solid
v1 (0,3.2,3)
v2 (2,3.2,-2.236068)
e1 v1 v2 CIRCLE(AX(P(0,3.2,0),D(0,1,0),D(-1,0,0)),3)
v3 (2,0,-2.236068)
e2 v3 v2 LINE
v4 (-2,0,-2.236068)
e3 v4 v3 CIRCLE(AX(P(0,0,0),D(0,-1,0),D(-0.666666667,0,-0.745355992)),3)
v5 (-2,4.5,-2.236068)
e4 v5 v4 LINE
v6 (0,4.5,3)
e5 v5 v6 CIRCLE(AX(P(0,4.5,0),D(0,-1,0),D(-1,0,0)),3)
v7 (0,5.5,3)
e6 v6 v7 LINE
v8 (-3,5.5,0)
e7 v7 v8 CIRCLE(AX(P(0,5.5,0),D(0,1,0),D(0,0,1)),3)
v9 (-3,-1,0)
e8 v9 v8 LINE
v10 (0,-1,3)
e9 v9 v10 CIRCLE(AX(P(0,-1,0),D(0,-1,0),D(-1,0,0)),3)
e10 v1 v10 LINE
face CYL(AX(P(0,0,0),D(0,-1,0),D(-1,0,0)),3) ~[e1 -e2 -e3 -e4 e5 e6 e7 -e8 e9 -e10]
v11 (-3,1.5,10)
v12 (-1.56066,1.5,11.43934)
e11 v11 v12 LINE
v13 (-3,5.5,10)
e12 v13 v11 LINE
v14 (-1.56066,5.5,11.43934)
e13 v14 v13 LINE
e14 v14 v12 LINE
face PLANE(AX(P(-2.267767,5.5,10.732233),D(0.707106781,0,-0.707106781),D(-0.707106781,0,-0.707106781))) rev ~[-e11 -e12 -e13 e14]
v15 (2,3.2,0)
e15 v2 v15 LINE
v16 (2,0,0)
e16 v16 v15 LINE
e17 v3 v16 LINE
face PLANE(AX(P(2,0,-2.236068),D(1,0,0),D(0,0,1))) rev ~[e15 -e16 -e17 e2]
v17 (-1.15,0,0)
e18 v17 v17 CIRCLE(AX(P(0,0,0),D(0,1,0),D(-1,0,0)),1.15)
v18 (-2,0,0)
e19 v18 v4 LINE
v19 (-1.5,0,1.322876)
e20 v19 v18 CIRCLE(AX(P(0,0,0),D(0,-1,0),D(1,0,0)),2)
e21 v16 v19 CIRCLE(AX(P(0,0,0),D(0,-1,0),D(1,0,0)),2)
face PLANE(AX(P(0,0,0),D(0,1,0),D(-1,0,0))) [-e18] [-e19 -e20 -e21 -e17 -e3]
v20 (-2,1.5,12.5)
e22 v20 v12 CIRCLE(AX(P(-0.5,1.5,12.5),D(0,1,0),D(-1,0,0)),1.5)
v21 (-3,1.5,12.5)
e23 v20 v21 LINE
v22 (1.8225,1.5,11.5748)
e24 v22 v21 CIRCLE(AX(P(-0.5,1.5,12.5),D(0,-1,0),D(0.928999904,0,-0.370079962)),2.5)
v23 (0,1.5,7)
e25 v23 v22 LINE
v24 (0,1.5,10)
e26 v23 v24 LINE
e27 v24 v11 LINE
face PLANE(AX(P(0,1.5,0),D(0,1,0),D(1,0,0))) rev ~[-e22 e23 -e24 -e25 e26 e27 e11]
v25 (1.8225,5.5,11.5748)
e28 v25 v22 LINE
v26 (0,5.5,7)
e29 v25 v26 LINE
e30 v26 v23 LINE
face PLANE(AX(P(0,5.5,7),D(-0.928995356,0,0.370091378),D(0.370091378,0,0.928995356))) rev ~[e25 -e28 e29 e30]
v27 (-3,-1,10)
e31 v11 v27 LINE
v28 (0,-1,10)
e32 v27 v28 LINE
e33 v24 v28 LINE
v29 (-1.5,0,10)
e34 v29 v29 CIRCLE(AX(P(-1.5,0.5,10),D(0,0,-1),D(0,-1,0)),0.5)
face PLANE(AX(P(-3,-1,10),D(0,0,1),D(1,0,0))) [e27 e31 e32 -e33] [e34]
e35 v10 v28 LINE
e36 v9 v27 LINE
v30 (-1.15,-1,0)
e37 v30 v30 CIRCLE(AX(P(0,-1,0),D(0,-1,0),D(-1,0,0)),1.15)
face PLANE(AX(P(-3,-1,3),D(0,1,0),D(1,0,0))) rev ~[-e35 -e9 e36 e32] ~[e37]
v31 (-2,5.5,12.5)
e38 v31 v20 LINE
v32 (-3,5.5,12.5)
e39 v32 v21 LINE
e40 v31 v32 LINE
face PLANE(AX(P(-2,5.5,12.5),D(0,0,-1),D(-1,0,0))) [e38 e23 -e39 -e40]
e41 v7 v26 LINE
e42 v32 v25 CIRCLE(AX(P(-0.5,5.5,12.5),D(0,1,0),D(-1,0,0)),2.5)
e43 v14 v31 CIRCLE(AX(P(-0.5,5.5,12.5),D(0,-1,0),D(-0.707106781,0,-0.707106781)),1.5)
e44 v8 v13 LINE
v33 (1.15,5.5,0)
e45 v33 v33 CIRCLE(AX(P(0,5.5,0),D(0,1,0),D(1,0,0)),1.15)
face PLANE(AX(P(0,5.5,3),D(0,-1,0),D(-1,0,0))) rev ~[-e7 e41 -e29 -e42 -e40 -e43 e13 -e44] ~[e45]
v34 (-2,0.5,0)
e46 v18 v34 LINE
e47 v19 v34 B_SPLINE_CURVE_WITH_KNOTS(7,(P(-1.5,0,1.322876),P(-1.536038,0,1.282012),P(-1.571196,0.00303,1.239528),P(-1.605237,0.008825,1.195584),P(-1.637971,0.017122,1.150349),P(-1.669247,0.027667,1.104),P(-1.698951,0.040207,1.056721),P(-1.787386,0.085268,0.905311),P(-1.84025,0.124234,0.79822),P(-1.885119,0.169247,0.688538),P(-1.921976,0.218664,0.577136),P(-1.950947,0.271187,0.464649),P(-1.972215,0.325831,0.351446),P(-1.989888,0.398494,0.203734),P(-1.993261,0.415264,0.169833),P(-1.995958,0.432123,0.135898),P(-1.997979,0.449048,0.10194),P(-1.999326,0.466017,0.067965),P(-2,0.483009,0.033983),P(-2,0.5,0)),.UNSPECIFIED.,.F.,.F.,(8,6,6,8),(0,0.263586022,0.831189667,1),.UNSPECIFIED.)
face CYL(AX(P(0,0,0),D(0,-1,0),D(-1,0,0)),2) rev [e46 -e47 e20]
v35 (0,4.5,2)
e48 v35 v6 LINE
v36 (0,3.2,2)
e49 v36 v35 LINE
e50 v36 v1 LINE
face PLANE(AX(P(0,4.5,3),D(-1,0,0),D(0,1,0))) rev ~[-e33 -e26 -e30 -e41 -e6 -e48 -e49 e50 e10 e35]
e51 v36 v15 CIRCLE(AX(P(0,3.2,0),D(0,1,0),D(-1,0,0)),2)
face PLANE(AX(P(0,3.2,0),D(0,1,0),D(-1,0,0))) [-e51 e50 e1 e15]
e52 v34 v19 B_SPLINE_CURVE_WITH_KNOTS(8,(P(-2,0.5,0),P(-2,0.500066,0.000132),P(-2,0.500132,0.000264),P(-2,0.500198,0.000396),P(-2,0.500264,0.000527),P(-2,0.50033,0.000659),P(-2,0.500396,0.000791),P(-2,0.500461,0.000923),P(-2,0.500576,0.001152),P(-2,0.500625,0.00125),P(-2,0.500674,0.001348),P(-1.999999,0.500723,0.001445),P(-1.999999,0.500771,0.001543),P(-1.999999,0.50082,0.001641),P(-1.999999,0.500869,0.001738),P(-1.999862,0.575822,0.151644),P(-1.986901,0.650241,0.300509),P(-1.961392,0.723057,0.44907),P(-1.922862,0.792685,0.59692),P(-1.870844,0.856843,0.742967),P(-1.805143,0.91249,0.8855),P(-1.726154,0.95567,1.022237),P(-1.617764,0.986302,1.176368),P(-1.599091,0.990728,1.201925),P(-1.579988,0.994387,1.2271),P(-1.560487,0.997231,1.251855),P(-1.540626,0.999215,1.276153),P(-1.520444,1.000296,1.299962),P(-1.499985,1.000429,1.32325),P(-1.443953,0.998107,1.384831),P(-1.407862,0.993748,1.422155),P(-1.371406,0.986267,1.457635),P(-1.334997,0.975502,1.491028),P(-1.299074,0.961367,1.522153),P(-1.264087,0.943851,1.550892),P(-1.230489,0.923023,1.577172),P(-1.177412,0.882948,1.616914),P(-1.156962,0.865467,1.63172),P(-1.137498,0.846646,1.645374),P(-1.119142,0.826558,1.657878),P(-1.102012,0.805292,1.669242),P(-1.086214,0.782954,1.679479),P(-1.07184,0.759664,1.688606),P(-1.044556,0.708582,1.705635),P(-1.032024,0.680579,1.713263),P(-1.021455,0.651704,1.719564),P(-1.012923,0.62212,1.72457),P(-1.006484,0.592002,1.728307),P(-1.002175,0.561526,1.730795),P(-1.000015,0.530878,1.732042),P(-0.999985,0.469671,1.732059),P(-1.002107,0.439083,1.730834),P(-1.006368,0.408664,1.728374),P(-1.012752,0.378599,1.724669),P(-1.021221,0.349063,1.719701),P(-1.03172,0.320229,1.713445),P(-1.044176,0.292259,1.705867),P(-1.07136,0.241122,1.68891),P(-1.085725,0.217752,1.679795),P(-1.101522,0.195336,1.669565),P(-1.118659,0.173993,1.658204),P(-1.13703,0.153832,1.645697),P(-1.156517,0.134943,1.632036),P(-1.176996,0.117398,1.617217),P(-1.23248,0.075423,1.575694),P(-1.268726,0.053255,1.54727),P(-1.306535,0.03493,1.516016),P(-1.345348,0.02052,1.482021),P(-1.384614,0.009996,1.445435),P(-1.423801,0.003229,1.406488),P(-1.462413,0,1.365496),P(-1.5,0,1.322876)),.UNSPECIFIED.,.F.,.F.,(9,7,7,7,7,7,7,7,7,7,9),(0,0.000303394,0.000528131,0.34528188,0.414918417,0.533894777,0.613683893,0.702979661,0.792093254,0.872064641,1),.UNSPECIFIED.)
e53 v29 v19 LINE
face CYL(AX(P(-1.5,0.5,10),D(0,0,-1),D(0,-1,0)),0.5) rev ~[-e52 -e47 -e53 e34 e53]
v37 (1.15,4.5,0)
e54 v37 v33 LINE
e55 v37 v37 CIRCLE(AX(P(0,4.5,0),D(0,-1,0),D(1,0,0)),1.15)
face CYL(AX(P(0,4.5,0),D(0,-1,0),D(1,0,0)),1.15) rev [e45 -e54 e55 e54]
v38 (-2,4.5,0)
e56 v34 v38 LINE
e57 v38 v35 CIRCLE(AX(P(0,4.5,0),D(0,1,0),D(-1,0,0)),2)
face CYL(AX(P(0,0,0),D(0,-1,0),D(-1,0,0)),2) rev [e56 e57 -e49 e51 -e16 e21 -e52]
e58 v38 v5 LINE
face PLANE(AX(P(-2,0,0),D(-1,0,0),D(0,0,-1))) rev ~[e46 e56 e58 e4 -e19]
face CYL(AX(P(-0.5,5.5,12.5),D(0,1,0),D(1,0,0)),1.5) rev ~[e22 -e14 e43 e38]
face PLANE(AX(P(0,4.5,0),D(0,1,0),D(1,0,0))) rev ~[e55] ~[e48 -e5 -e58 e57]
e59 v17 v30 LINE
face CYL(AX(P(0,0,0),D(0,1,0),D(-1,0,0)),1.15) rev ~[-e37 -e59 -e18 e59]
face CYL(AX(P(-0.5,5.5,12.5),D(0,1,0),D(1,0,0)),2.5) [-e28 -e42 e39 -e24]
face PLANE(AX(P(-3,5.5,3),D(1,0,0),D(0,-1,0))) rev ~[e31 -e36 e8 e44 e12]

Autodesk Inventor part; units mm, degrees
ref_plane "YZ Plane" through (0, 0, 0) normal (1, 0, 0) x (0, 1, 0)
ref_plane "XZ Plane" through (0, 0, 0) normal (0, 1, 0) x (-1, 0, 0)
ref_plane "XY Plane" through (0, 0, 0) normal (0, 0, 1) x (1, 0, 0)
sketch "スケッチ1" plane through (0, 0, 0) normal (0, 1, 0) x (-1, 0, 0)
  circle A0 centre (0, 0) radius 1.15
  circle A1 centre (0, 0) radius 2
  circle A2 centre (0, 0) radius 3
  line L0 (0, 0) -> (0, 3)
  line L1 (-2, 0) -> (2, 0)
  line L2 (2, 0) -> (2, -3)
  line L3 (2, -3) -> (-2, -3)
  line L4 (-2, -3) -> (-2, 0)
  line L5 (0, 0) -> (3, 0)
  line L6 (3, 0) -> (3, 3)
  line L7 (3, 3) -> (0, 3)
  line L8 (0, 3) -> (0, 0)
  point P0 (-2, -2.2361)
  point P1 (0, 2)
  point P2 (2, -2.2361)
  dimension "d1" = 4
  dimension "d2" = 6
  dimension "d0" = 2.3
extrude "押し出し1" add sketch "スケッチ1" along normal blind 3.2 contours A1 L4 A2 L0
extrude "押し出し2" add sketch "スケッチ1" along normal blind 4.5 contours L5 A2 L2 | A1 L0 A2 L5 | A2 L7 L6
extrude "押し出し3" add sketch "スケッチ1" against normal blind 1 contours L1 A1 A0 | A0 L0 A1 L1 | A0 L1 A1 L0 | L2 A2 L4 A1 | L5 A2 L2 | A1 L0 A2 L5 | A1 L4 A2 L0 | A2 L7 L6
sketch "スケッチ2" plane through (0, 4.5, 0) normal (0, 1, 0) x (1, 0, 0)
  circle A0 centre (0, 0) radius 1.15
  circle A1 centre (0, 0) radius 2
  circle A2 centre (0, 0) radius 3
  line L0 (0, 0) -> (-3, 0)
  line L1 (-3, 0) -> (-3, -3)
  line L2 (-3, -3) -> (0, -3)
  line L3 (0, -3) -> (0, 0)
  dimension "d9" = 2.3
  dimension "d10" = 4
  dimension "d11" = 6
extrude "押し出し4" add sketch "スケッチ2" along normal blind 1 contours A0 L0 A1 L3 | A0 L3 A1 L0 | L0 A2 L3 A1 | A1 L3 A2 L0 | A2 L2 L1
sketch "スケッチ3" plane through (-3, -1, 3) normal (0, 0, 1) x (1, 0, 0)
  line L0 (0, 6.5) -> (0, 0) projected
  line L1 (3, 5.5) -> (3, 6.5) projected
  line L2 (0, 0) -> (3, 0)
  line L3 (3, 0) -> (3, 6.5)
  line L4 (3, 6.5) -> (0, 6.5)
  line L5 (0, 6.5) -> (0, 0)
  point P0 (3, 1)
extrude "押し出し5" add sketch "スケッチ3" along normal blind 7
sketch "スケッチ4" plane through (-3, -1, 10) normal (0, 0, 1) x (1, 0, 0)
  line L0 (4.15, 0) -> (1.85, 0) projected
  line L1 (3, 0) -> (1.5, 0)
  line L2 (1.5, 0) -> (1.5, 1.5)
  line L3 (1.5, 1.5) -> (3, 1.5)
  line L4 (3, 1.5) -> (3, 0)
  point P0 (3, 1)
  dimension "d16" = 1.5
  dimension "d17" = 1.5
hole "穴1" at (-1.5, 0.5, 10) direction (0, 0, -1) diameter 1 end through all
sketch "スケッチ5" plane through (0, 3.2, 3) normal (1, 0, 0) x (0, 0, -1)
  point P0 (3, -3.2)
sketch "スケッチ6" plane through (0, 5.5, 0) normal (0, 1, 0) x (1, 0, 0)
  line L0 (-3, -10) -> (0, -10) projected
  line L1 (-3, -10) -> (2, -10)
  line L2 (2, -10) -> (2, -15)
  line L3 (2, -15) -> (-3, -15)
  line L4 (-3, -15) -> (-3, -10)
  line L5 (2, -10) -> (-0.5, -10)
  line L6 (-0.5, -10) -> (-0.5, -12.5)
  line L7 (-0.5, -12.5) -> (2, -12.5)
  line L8 (2, -12.5) -> (2, -10)
  circle A0 centre (-0.5, -12.5) radius 2.5
  circle A1 centre (-0.5, -12.5) radius 1.5
  line L9 (-0.5, -12.5) -> (-3, -10)
  line L10 (-0.5, -12.5) -> (-3, -12.5)
  line L11 (0, -3) -> (0, -10) projected
  line L12 (-3, -10) -> (0, -10)
  line L13 (0, -10) -> (0, -7)
  line L14 (0, -7) -> (-3, -7)
  line L15 (-3, -7) -> (-3, -10)
  line L16 (0, -7) -> (1.8225, -11.5748)
  point P0 (0, 0)
  point P1 (-2, -12.5)
  point P2 (-1.5607, -11.4393)
  dimension "d25" = 5
  dimension "d26" = 5
  dimension "d27" = 2.5
  dimension "d28" = 2.5
  dimension "d29" = 3
  dimension "d30" = 3
extrude "押し出し6" add sketch "スケッチ6" against normal blind 4 contours L0 A0 L9 | A0 L7 A1 L6 | L0 L1 L16 A0 | L6 A1 L9 A0 | L10 A1 L7 A0 | L11 L16 L1
properties part number "srod1.1"
